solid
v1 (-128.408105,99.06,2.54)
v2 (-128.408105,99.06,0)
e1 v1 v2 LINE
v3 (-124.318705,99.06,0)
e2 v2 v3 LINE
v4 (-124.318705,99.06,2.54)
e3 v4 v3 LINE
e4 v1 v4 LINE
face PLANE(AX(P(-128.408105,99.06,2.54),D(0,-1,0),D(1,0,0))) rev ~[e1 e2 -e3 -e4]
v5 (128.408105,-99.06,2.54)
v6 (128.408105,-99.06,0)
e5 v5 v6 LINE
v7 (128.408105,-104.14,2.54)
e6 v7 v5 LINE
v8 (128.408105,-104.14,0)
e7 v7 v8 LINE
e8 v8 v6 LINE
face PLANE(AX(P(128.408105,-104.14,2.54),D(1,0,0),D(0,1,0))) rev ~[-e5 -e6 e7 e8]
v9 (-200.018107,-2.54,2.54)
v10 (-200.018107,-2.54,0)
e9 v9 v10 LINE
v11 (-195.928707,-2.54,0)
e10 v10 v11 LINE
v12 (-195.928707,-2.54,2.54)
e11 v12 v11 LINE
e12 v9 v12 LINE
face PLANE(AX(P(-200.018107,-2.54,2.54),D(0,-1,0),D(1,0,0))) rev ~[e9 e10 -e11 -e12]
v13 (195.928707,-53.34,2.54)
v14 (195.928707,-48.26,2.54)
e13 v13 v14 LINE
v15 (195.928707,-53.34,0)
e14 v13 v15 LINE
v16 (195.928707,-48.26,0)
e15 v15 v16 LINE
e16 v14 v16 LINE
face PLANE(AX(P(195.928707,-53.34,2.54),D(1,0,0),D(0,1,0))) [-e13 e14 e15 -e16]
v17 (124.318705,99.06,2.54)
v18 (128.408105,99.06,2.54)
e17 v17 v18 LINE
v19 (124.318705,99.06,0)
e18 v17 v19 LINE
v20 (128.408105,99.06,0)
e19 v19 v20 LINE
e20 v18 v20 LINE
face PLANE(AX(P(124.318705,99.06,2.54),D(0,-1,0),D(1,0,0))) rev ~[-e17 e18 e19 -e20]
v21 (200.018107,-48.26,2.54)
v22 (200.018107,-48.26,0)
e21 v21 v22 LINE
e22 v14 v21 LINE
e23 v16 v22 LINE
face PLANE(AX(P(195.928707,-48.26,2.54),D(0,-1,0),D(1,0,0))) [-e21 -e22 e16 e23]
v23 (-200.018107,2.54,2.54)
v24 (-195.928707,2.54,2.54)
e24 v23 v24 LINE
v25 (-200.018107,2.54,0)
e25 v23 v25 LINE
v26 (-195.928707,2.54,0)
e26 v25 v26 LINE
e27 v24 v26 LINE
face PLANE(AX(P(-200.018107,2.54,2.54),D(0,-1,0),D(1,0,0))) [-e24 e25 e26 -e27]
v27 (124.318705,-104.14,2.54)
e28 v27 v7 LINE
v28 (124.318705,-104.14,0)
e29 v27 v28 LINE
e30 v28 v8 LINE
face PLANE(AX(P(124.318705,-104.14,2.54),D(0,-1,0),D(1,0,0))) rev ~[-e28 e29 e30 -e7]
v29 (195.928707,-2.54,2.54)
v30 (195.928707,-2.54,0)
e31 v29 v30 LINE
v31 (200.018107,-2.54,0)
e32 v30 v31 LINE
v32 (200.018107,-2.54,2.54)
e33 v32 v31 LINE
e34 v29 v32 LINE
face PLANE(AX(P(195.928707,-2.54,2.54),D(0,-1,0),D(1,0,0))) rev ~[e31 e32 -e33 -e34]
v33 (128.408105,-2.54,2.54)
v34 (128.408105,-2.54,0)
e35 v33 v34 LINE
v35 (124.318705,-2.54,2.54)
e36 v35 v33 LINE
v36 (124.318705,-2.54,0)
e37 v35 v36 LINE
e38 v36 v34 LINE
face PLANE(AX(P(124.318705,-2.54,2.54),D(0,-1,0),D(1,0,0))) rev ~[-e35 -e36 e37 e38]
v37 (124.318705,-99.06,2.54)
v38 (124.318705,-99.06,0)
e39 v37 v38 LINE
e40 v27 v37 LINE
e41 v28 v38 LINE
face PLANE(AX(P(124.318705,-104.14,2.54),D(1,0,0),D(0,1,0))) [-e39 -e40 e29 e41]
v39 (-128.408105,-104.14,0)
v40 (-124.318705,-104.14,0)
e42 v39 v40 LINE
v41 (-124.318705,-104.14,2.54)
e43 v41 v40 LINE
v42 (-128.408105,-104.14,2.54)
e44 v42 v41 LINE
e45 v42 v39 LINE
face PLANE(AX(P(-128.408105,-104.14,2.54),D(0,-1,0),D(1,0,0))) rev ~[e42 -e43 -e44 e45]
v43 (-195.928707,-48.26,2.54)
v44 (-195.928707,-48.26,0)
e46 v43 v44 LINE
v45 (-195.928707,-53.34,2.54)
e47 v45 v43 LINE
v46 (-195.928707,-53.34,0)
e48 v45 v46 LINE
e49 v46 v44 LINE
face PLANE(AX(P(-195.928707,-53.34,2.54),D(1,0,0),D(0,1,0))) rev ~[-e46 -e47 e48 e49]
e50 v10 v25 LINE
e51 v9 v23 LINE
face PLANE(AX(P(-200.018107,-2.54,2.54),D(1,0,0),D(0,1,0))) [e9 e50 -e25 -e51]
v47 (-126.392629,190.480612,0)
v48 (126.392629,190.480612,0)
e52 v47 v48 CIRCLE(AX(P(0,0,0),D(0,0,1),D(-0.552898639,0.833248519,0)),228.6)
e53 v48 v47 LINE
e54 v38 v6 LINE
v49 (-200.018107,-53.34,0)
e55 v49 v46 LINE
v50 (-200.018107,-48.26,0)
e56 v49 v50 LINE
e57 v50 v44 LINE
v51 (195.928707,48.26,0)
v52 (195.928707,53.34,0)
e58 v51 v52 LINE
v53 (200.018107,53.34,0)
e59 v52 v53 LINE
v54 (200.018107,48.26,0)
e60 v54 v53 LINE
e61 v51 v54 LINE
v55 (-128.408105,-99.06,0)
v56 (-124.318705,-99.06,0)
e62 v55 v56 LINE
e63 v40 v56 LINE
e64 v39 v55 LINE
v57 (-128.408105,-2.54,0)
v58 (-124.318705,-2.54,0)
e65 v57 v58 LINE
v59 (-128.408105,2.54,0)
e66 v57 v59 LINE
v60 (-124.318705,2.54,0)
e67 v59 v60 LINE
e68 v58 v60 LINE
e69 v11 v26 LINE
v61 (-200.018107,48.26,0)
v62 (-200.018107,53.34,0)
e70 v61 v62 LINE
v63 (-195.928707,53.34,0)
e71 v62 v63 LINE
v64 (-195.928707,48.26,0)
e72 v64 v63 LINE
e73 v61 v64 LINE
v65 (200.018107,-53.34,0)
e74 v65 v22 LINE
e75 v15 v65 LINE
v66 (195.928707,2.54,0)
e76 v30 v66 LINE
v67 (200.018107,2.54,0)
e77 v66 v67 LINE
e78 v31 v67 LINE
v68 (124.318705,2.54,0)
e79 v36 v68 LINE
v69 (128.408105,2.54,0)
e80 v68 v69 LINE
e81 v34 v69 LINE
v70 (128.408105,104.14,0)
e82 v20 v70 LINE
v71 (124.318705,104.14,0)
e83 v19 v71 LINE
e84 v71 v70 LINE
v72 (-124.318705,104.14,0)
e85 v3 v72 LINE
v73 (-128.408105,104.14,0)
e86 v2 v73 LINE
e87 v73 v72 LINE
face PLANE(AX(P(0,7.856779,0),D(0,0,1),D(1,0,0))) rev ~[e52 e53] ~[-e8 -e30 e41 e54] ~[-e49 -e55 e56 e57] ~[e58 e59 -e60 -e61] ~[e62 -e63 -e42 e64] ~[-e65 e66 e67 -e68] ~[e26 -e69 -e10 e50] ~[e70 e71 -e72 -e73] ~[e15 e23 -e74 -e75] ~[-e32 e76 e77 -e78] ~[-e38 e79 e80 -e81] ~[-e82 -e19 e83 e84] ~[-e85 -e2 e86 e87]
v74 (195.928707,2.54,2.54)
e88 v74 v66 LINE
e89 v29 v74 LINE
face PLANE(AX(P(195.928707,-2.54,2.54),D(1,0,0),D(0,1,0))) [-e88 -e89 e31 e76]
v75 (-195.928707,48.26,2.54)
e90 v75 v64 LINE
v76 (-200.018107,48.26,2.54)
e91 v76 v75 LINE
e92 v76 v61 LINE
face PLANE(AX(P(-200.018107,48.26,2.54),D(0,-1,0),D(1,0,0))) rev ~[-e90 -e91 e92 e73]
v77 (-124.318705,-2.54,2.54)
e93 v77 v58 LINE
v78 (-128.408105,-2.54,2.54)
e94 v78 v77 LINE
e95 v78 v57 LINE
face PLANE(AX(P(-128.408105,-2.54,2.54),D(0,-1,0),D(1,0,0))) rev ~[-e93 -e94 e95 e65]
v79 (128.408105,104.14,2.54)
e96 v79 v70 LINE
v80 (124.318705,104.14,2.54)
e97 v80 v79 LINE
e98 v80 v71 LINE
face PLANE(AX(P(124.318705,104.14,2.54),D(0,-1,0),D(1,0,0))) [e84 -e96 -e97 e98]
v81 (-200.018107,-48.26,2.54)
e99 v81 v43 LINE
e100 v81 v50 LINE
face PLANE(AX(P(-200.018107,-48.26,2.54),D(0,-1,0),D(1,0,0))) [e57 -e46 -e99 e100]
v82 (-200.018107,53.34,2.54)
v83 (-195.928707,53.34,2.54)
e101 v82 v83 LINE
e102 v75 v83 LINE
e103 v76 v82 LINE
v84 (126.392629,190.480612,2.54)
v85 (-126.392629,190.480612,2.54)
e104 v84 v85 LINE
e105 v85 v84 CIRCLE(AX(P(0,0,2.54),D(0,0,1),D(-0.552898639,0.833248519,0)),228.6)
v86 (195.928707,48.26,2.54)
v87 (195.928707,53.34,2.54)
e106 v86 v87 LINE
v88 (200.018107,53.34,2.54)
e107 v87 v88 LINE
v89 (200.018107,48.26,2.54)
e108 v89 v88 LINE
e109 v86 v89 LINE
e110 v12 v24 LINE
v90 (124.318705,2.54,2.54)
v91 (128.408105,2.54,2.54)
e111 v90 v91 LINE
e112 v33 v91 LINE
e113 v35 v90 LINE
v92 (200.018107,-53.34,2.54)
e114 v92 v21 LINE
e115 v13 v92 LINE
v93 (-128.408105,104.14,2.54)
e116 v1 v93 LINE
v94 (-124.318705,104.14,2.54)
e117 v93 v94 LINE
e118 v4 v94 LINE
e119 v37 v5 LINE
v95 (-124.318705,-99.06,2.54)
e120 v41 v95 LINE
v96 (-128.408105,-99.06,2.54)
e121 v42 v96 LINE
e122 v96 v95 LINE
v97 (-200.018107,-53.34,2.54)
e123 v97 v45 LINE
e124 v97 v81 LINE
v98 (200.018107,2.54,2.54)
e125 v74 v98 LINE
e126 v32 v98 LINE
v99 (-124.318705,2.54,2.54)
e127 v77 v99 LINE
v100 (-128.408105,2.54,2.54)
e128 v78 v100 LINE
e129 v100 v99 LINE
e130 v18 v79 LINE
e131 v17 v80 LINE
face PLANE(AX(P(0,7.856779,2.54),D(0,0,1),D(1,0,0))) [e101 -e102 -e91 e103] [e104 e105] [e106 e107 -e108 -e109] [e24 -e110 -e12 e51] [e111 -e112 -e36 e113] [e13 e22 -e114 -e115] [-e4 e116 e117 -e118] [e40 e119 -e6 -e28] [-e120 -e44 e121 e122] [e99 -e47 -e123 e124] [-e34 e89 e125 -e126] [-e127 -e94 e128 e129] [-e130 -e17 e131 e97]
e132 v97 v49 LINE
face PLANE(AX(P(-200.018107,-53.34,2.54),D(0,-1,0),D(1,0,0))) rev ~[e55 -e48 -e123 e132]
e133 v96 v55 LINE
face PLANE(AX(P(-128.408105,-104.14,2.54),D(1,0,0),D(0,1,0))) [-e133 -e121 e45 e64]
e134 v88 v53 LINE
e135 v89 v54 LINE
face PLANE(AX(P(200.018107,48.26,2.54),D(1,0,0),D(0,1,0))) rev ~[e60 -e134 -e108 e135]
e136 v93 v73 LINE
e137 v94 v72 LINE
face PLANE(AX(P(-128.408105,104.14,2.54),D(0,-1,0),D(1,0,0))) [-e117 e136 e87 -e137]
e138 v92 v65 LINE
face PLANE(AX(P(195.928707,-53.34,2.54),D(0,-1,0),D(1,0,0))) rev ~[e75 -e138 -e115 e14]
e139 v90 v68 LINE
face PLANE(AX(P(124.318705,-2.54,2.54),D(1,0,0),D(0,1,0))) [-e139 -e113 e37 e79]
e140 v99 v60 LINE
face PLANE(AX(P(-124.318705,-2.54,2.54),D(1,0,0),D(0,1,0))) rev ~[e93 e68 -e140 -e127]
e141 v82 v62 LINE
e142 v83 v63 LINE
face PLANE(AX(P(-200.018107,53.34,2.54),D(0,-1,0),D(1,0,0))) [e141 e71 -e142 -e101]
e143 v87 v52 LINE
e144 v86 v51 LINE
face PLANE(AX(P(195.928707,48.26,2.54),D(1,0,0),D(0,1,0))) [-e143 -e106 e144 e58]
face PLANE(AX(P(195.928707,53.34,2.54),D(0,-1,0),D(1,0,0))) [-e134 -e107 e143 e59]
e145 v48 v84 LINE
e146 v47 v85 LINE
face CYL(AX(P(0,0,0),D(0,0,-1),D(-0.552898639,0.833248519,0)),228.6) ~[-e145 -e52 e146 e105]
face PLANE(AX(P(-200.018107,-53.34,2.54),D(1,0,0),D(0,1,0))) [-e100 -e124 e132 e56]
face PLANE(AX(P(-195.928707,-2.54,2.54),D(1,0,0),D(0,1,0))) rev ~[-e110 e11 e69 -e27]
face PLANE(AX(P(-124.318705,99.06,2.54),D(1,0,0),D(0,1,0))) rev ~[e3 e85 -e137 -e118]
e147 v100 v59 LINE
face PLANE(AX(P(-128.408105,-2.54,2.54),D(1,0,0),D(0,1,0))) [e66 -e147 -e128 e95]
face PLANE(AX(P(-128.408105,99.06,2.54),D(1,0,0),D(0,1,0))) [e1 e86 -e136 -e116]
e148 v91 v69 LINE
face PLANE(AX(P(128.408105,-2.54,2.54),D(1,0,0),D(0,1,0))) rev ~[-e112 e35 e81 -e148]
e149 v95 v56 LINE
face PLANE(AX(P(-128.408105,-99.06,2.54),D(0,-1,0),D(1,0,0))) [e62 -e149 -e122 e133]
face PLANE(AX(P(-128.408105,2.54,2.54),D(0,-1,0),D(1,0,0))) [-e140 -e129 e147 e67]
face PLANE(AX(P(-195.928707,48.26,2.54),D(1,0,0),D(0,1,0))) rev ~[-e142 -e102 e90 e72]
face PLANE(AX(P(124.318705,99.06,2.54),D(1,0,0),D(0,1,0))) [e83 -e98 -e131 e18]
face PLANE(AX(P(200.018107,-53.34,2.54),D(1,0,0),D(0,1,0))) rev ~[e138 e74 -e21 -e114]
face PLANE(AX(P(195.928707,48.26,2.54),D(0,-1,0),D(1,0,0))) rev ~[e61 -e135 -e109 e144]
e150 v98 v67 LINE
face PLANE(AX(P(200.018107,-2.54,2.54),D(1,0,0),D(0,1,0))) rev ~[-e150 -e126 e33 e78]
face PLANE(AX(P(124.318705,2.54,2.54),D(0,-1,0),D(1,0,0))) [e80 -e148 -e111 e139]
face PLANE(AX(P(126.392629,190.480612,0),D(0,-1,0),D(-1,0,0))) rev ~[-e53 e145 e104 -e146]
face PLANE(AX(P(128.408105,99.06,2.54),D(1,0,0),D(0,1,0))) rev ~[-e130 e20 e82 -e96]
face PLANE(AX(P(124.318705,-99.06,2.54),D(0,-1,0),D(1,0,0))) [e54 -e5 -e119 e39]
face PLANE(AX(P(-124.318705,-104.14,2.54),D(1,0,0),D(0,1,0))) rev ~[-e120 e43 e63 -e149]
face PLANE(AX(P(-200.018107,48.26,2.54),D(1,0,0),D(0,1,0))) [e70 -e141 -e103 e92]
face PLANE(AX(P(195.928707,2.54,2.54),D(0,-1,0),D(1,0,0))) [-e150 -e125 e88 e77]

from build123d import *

# Parameters (mm, degrees)
F1_DEPTH = 2.54
F2_W     = 4.0894
F2_H     = 5.08
F3_DEPTH = 25.4
F4_DEPTH = 25.4


with BuildPart() as f1:
    # F0 (on Top) → F1 (new body)
    with BuildSketch(Plane.XY):
        with BuildLine():
            Line((126.392629, 190.480612), (-126.392629, 190.480612))
            ThreePointArc((-126.392629, 190.480612), (0, -228.6), (126.392629, 190.480612))
        make_face()
    extrude(amount=F1_DEPTH)

    # F2 (on face) → F3 (cut)
    with BuildSketch(Plane.XY.offset(2.54)):
        with Locations((-197.973407, 0)):
            Rectangle(F2_W, F2_H)
        with Locations((-126.363405, 0)):
            Rectangle(F2_W, F2_H)
        with Locations((-197.973407, 50.8)):
            Rectangle(F2_W, F2_H)
        with Locations((-197.973407, -50.8)):
            Rectangle(F2_W, F2_H)
        with Locations((-126.363405, 101.6)):
            Rectangle(F2_W, F2_H)
        with Locations((-126.363405, -101.6)):
            Rectangle(F2_W, F2_H)
        with Locations((197.973407, 0)):
            Rectangle(F2_W, F2_H)
        with Locations((197.973407, -50.8)):
            Rectangle(F2_W, F2_H)
        with Locations((197.973407, 50.8)):
            Rectangle(F2_W, F2_H)
        with Locations((126.363405, 0)):
            Rectangle(F2_W, F2_H)
        with Locations((126.363405, -101.6)):
            Rectangle(F2_W, F2_H)
        with Locations((126.363405, 101.6)):
            Rectangle(F2_W, F2_H)
    extrude(amount=-F3_DEPTH, mode=Mode.SUBTRACT)

    # F2 (on face) → F4 (cut)
    with BuildSketch(Plane.XY.offset(2.54)):
        with Locations((126.363405, 101.6)):
            Rectangle(F2_W, F2_H)
        with Locations((197.973407, 50.8)):
            Rectangle(F2_W, F2_H)
        with Locations((126.363405, 0)):
            Rectangle(F2_W, F2_H)
        with Locations((197.973407, 0)):
            Rectangle(F2_W, F2_H)
        with Locations((197.973407, -50.8)):
            Rectangle(F2_W, F2_H)
        with Locations((126.363405, -101.6)):
            Rectangle(F2_W, F2_H)
    extrude(amount=-F4_DEPTH, mode=Mode.SUBTRACT)


solid = f1.part
